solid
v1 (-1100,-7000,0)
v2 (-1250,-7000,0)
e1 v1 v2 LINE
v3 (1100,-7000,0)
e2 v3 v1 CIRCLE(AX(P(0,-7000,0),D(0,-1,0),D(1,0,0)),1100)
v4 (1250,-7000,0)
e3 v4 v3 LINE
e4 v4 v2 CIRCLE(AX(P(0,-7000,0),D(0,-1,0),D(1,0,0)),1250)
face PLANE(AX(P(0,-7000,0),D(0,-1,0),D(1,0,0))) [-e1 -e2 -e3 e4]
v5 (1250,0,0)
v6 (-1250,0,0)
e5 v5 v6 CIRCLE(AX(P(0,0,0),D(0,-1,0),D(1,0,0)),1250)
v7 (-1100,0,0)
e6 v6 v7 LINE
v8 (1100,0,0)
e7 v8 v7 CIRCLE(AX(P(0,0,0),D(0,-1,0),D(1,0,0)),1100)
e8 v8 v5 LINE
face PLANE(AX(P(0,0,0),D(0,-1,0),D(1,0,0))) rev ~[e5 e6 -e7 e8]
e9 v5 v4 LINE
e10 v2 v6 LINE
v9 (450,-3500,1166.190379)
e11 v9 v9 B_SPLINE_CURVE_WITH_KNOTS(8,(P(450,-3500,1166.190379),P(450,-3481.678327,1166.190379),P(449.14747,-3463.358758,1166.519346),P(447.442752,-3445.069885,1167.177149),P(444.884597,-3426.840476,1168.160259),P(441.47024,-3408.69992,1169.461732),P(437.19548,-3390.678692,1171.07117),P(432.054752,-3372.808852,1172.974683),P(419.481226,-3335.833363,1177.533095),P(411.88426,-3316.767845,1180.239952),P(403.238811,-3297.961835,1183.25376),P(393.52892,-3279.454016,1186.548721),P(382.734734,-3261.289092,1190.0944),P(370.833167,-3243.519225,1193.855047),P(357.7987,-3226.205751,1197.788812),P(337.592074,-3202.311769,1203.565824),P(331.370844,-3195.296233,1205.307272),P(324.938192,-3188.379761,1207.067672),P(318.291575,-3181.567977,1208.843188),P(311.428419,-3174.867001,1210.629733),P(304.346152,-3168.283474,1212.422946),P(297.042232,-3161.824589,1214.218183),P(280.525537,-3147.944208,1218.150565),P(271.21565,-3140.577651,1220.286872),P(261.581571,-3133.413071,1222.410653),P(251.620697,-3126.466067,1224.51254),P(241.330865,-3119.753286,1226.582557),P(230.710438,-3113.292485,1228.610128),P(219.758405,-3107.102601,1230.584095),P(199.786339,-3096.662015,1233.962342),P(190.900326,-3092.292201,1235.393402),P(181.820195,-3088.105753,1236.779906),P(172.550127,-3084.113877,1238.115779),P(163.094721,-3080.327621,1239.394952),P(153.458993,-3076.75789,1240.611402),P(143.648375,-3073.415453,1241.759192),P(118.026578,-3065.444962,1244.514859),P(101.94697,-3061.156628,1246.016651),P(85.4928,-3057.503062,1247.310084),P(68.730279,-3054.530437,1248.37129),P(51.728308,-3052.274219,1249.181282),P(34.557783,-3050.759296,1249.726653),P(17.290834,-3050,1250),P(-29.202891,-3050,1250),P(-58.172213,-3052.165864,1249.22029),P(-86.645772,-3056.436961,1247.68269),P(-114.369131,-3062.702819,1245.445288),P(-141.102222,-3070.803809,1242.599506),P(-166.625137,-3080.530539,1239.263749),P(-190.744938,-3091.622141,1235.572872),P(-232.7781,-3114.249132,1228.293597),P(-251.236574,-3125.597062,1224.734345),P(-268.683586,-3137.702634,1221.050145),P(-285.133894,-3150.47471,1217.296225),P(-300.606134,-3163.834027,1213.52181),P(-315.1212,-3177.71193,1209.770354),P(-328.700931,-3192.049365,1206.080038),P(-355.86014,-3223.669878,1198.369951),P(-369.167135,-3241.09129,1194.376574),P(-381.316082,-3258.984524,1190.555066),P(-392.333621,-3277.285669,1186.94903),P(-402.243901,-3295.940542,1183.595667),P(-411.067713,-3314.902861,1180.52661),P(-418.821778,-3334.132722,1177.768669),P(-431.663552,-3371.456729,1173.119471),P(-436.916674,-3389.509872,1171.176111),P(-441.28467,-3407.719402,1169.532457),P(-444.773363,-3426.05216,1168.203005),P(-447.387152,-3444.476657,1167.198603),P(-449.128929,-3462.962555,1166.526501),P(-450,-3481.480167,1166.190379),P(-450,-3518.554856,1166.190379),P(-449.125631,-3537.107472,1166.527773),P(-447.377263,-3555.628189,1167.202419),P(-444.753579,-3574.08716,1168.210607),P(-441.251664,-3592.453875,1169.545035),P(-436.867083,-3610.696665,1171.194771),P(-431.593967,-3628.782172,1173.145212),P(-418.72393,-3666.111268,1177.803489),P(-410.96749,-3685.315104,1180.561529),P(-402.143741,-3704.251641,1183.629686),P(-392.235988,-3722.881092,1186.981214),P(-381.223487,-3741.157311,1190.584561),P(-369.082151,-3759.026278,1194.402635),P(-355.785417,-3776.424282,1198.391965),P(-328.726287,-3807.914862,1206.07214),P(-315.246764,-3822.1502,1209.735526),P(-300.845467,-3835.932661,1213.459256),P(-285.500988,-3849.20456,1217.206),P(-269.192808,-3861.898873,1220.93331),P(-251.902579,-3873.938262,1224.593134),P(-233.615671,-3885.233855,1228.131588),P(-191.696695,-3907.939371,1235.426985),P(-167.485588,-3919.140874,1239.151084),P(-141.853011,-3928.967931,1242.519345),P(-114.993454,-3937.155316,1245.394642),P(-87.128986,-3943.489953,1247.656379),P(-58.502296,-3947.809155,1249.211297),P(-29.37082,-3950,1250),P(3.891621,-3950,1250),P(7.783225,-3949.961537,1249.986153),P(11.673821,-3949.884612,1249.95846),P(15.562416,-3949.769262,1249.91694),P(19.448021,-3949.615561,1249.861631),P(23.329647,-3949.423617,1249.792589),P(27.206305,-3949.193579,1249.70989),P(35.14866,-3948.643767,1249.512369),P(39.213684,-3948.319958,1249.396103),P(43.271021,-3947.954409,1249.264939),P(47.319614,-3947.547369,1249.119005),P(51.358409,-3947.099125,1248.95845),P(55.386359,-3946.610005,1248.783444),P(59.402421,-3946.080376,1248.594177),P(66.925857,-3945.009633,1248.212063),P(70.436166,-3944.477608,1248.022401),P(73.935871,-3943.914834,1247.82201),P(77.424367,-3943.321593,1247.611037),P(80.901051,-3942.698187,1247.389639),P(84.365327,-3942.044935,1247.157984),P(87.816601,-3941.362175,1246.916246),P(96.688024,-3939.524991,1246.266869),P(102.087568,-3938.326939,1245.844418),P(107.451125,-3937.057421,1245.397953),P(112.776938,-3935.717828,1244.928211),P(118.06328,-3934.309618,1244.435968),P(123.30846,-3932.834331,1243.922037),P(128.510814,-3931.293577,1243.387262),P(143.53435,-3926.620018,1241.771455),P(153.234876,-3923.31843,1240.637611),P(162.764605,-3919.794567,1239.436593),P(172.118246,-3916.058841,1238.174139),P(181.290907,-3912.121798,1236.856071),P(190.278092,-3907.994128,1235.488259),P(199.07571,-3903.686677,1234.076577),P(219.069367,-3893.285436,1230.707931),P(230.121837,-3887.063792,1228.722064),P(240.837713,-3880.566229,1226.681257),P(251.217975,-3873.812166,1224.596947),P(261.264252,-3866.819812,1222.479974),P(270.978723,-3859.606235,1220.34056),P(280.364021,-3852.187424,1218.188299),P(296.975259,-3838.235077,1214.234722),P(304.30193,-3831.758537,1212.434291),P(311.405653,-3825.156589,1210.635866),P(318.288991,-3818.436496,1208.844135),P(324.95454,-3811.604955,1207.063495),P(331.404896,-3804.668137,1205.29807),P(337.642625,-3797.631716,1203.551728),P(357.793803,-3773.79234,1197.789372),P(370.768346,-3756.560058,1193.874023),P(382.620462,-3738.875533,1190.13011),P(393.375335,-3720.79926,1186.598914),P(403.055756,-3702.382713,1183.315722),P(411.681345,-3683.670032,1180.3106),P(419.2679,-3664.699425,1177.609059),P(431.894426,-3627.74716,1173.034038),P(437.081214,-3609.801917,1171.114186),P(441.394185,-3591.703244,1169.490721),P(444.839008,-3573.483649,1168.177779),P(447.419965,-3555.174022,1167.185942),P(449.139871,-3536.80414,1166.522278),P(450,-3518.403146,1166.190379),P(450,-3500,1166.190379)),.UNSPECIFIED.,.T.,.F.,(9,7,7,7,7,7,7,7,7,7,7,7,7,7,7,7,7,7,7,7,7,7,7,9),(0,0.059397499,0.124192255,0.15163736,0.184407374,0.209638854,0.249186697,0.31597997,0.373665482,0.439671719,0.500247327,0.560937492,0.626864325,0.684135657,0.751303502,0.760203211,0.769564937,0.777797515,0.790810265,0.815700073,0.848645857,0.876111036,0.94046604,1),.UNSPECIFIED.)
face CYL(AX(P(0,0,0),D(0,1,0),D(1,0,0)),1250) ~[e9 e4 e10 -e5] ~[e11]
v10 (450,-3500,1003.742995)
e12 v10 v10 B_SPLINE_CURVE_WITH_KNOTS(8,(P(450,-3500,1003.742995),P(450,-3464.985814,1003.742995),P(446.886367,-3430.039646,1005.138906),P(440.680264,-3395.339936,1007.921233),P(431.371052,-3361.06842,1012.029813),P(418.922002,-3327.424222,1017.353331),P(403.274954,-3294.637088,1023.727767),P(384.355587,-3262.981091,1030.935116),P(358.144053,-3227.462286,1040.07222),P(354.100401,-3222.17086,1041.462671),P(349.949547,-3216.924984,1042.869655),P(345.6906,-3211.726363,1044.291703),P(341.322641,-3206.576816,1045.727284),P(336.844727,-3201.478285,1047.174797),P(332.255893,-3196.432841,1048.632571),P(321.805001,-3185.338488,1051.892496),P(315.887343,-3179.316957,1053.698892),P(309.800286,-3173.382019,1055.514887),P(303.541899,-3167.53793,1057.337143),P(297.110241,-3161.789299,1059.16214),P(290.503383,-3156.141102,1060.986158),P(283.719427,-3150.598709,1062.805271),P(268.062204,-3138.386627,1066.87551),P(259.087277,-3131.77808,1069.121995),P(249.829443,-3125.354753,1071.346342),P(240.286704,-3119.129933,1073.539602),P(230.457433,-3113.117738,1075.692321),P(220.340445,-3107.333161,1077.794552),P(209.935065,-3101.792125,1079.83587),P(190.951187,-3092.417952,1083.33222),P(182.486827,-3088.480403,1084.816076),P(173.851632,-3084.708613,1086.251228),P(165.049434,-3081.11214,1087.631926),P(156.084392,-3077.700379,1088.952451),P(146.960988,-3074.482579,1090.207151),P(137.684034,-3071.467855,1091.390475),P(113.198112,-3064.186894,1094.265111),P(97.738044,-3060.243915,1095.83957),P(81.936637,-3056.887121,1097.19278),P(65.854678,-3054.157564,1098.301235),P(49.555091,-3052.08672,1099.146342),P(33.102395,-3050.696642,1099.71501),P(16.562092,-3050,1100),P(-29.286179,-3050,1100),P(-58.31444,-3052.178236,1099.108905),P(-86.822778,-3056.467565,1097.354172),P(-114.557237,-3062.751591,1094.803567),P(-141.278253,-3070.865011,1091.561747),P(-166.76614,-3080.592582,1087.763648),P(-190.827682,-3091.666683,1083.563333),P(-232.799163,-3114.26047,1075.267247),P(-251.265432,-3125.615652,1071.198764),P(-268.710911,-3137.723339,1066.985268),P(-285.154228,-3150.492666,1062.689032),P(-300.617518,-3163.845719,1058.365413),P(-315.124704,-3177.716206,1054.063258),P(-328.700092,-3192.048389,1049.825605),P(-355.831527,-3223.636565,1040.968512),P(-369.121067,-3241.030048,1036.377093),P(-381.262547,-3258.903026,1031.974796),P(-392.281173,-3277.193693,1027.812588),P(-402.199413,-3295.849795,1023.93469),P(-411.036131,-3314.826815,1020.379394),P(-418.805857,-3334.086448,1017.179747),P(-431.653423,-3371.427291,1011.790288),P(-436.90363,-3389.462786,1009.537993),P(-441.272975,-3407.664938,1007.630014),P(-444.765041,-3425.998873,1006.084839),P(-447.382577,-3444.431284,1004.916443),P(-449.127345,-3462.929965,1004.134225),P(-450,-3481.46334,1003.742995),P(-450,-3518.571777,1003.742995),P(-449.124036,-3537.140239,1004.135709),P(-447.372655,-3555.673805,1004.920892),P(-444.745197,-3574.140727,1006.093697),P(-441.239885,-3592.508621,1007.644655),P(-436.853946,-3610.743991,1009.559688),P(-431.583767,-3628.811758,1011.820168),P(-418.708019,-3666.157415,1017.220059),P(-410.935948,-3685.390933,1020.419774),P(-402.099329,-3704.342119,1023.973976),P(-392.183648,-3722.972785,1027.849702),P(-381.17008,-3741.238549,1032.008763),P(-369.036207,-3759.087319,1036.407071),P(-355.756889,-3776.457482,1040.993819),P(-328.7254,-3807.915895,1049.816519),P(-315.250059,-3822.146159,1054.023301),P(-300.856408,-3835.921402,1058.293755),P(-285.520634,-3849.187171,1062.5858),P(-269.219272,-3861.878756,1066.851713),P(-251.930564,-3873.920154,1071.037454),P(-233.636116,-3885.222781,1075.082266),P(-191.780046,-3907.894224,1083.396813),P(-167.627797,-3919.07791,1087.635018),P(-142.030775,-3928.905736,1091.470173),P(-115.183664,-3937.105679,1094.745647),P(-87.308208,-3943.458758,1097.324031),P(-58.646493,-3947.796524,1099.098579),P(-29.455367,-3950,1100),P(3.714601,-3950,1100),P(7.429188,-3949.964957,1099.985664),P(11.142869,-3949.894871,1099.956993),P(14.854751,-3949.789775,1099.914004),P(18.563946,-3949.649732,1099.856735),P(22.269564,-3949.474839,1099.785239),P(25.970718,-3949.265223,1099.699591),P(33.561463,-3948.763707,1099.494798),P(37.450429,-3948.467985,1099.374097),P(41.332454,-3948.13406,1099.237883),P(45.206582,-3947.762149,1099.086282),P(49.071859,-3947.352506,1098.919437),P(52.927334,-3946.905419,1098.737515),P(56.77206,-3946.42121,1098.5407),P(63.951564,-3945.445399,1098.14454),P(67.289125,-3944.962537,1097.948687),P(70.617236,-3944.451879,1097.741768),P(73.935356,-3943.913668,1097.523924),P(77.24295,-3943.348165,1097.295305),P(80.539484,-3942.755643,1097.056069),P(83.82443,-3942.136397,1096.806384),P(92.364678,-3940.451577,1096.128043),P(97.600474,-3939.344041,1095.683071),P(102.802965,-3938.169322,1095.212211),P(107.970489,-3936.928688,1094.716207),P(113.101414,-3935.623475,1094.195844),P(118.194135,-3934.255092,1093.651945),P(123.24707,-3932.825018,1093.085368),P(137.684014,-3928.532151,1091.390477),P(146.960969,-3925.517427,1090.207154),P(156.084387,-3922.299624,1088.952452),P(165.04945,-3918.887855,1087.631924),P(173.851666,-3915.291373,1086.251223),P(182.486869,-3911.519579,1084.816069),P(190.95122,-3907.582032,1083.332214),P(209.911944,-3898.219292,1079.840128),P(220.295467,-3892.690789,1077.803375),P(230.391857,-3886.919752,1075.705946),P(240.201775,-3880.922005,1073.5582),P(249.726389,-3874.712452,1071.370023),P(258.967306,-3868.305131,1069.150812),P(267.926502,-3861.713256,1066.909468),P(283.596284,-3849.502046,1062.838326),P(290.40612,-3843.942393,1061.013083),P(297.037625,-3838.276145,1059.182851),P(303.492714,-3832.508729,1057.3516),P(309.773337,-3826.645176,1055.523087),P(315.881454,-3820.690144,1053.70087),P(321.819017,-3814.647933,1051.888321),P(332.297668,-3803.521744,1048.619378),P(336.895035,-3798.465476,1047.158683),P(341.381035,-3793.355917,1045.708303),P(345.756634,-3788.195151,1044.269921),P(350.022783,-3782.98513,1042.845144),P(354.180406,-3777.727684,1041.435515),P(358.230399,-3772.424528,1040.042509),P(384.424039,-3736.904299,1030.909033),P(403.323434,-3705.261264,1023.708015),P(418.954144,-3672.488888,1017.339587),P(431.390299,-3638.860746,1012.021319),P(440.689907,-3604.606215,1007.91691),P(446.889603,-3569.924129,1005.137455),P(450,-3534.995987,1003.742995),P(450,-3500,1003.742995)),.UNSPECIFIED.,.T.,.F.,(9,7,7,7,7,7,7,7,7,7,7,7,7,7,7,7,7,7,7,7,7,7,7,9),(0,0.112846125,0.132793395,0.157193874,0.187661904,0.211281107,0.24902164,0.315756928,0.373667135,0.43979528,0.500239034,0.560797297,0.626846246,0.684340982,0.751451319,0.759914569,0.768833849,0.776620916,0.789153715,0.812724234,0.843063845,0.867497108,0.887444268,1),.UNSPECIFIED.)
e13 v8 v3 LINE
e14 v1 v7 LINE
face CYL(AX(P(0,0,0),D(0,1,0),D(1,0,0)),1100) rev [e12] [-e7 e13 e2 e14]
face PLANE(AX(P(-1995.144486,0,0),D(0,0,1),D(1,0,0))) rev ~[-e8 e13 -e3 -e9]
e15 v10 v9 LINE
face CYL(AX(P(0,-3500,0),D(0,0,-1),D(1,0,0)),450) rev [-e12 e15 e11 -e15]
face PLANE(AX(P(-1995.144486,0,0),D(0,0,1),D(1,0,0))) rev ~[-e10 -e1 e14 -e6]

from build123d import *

# Parameters (mm, degrees)
F0_R     = 1250
F0_R_2   = 1100
F1_DEPTH = 7000
F2_W     = 4350.551486
F2_H     = 1751.117468
F3_DEPTH = 8000
F4_R     = 450
F5_DEPTH = 10000


with BuildPart() as f1:
    # F0 (on Front) → F1 (new body)
    with BuildSketch(Plane.XZ):
        Circle(F0_R)
        Circle(F0_R_2, mode=Mode.SUBTRACT)
    extrude(amount=F1_DEPTH)

    # F2 (on Front) → F3 (cut)
    with BuildSketch(Plane.XZ):
        with Locations((180.131257, -875.558734)):
            Rectangle(F2_W, F2_H)
    extrude(amount=F3_DEPTH, mode=Mode.SUBTRACT)

    # F4 (on Top) → F5 (cut)
    with BuildSketch(Plane.XY):
        with Locations((0, -3500)):
            Circle(F4_R)
    extrude(amount=F5_DEPTH, mode=Mode.SUBTRACT)


solid = f1.part
